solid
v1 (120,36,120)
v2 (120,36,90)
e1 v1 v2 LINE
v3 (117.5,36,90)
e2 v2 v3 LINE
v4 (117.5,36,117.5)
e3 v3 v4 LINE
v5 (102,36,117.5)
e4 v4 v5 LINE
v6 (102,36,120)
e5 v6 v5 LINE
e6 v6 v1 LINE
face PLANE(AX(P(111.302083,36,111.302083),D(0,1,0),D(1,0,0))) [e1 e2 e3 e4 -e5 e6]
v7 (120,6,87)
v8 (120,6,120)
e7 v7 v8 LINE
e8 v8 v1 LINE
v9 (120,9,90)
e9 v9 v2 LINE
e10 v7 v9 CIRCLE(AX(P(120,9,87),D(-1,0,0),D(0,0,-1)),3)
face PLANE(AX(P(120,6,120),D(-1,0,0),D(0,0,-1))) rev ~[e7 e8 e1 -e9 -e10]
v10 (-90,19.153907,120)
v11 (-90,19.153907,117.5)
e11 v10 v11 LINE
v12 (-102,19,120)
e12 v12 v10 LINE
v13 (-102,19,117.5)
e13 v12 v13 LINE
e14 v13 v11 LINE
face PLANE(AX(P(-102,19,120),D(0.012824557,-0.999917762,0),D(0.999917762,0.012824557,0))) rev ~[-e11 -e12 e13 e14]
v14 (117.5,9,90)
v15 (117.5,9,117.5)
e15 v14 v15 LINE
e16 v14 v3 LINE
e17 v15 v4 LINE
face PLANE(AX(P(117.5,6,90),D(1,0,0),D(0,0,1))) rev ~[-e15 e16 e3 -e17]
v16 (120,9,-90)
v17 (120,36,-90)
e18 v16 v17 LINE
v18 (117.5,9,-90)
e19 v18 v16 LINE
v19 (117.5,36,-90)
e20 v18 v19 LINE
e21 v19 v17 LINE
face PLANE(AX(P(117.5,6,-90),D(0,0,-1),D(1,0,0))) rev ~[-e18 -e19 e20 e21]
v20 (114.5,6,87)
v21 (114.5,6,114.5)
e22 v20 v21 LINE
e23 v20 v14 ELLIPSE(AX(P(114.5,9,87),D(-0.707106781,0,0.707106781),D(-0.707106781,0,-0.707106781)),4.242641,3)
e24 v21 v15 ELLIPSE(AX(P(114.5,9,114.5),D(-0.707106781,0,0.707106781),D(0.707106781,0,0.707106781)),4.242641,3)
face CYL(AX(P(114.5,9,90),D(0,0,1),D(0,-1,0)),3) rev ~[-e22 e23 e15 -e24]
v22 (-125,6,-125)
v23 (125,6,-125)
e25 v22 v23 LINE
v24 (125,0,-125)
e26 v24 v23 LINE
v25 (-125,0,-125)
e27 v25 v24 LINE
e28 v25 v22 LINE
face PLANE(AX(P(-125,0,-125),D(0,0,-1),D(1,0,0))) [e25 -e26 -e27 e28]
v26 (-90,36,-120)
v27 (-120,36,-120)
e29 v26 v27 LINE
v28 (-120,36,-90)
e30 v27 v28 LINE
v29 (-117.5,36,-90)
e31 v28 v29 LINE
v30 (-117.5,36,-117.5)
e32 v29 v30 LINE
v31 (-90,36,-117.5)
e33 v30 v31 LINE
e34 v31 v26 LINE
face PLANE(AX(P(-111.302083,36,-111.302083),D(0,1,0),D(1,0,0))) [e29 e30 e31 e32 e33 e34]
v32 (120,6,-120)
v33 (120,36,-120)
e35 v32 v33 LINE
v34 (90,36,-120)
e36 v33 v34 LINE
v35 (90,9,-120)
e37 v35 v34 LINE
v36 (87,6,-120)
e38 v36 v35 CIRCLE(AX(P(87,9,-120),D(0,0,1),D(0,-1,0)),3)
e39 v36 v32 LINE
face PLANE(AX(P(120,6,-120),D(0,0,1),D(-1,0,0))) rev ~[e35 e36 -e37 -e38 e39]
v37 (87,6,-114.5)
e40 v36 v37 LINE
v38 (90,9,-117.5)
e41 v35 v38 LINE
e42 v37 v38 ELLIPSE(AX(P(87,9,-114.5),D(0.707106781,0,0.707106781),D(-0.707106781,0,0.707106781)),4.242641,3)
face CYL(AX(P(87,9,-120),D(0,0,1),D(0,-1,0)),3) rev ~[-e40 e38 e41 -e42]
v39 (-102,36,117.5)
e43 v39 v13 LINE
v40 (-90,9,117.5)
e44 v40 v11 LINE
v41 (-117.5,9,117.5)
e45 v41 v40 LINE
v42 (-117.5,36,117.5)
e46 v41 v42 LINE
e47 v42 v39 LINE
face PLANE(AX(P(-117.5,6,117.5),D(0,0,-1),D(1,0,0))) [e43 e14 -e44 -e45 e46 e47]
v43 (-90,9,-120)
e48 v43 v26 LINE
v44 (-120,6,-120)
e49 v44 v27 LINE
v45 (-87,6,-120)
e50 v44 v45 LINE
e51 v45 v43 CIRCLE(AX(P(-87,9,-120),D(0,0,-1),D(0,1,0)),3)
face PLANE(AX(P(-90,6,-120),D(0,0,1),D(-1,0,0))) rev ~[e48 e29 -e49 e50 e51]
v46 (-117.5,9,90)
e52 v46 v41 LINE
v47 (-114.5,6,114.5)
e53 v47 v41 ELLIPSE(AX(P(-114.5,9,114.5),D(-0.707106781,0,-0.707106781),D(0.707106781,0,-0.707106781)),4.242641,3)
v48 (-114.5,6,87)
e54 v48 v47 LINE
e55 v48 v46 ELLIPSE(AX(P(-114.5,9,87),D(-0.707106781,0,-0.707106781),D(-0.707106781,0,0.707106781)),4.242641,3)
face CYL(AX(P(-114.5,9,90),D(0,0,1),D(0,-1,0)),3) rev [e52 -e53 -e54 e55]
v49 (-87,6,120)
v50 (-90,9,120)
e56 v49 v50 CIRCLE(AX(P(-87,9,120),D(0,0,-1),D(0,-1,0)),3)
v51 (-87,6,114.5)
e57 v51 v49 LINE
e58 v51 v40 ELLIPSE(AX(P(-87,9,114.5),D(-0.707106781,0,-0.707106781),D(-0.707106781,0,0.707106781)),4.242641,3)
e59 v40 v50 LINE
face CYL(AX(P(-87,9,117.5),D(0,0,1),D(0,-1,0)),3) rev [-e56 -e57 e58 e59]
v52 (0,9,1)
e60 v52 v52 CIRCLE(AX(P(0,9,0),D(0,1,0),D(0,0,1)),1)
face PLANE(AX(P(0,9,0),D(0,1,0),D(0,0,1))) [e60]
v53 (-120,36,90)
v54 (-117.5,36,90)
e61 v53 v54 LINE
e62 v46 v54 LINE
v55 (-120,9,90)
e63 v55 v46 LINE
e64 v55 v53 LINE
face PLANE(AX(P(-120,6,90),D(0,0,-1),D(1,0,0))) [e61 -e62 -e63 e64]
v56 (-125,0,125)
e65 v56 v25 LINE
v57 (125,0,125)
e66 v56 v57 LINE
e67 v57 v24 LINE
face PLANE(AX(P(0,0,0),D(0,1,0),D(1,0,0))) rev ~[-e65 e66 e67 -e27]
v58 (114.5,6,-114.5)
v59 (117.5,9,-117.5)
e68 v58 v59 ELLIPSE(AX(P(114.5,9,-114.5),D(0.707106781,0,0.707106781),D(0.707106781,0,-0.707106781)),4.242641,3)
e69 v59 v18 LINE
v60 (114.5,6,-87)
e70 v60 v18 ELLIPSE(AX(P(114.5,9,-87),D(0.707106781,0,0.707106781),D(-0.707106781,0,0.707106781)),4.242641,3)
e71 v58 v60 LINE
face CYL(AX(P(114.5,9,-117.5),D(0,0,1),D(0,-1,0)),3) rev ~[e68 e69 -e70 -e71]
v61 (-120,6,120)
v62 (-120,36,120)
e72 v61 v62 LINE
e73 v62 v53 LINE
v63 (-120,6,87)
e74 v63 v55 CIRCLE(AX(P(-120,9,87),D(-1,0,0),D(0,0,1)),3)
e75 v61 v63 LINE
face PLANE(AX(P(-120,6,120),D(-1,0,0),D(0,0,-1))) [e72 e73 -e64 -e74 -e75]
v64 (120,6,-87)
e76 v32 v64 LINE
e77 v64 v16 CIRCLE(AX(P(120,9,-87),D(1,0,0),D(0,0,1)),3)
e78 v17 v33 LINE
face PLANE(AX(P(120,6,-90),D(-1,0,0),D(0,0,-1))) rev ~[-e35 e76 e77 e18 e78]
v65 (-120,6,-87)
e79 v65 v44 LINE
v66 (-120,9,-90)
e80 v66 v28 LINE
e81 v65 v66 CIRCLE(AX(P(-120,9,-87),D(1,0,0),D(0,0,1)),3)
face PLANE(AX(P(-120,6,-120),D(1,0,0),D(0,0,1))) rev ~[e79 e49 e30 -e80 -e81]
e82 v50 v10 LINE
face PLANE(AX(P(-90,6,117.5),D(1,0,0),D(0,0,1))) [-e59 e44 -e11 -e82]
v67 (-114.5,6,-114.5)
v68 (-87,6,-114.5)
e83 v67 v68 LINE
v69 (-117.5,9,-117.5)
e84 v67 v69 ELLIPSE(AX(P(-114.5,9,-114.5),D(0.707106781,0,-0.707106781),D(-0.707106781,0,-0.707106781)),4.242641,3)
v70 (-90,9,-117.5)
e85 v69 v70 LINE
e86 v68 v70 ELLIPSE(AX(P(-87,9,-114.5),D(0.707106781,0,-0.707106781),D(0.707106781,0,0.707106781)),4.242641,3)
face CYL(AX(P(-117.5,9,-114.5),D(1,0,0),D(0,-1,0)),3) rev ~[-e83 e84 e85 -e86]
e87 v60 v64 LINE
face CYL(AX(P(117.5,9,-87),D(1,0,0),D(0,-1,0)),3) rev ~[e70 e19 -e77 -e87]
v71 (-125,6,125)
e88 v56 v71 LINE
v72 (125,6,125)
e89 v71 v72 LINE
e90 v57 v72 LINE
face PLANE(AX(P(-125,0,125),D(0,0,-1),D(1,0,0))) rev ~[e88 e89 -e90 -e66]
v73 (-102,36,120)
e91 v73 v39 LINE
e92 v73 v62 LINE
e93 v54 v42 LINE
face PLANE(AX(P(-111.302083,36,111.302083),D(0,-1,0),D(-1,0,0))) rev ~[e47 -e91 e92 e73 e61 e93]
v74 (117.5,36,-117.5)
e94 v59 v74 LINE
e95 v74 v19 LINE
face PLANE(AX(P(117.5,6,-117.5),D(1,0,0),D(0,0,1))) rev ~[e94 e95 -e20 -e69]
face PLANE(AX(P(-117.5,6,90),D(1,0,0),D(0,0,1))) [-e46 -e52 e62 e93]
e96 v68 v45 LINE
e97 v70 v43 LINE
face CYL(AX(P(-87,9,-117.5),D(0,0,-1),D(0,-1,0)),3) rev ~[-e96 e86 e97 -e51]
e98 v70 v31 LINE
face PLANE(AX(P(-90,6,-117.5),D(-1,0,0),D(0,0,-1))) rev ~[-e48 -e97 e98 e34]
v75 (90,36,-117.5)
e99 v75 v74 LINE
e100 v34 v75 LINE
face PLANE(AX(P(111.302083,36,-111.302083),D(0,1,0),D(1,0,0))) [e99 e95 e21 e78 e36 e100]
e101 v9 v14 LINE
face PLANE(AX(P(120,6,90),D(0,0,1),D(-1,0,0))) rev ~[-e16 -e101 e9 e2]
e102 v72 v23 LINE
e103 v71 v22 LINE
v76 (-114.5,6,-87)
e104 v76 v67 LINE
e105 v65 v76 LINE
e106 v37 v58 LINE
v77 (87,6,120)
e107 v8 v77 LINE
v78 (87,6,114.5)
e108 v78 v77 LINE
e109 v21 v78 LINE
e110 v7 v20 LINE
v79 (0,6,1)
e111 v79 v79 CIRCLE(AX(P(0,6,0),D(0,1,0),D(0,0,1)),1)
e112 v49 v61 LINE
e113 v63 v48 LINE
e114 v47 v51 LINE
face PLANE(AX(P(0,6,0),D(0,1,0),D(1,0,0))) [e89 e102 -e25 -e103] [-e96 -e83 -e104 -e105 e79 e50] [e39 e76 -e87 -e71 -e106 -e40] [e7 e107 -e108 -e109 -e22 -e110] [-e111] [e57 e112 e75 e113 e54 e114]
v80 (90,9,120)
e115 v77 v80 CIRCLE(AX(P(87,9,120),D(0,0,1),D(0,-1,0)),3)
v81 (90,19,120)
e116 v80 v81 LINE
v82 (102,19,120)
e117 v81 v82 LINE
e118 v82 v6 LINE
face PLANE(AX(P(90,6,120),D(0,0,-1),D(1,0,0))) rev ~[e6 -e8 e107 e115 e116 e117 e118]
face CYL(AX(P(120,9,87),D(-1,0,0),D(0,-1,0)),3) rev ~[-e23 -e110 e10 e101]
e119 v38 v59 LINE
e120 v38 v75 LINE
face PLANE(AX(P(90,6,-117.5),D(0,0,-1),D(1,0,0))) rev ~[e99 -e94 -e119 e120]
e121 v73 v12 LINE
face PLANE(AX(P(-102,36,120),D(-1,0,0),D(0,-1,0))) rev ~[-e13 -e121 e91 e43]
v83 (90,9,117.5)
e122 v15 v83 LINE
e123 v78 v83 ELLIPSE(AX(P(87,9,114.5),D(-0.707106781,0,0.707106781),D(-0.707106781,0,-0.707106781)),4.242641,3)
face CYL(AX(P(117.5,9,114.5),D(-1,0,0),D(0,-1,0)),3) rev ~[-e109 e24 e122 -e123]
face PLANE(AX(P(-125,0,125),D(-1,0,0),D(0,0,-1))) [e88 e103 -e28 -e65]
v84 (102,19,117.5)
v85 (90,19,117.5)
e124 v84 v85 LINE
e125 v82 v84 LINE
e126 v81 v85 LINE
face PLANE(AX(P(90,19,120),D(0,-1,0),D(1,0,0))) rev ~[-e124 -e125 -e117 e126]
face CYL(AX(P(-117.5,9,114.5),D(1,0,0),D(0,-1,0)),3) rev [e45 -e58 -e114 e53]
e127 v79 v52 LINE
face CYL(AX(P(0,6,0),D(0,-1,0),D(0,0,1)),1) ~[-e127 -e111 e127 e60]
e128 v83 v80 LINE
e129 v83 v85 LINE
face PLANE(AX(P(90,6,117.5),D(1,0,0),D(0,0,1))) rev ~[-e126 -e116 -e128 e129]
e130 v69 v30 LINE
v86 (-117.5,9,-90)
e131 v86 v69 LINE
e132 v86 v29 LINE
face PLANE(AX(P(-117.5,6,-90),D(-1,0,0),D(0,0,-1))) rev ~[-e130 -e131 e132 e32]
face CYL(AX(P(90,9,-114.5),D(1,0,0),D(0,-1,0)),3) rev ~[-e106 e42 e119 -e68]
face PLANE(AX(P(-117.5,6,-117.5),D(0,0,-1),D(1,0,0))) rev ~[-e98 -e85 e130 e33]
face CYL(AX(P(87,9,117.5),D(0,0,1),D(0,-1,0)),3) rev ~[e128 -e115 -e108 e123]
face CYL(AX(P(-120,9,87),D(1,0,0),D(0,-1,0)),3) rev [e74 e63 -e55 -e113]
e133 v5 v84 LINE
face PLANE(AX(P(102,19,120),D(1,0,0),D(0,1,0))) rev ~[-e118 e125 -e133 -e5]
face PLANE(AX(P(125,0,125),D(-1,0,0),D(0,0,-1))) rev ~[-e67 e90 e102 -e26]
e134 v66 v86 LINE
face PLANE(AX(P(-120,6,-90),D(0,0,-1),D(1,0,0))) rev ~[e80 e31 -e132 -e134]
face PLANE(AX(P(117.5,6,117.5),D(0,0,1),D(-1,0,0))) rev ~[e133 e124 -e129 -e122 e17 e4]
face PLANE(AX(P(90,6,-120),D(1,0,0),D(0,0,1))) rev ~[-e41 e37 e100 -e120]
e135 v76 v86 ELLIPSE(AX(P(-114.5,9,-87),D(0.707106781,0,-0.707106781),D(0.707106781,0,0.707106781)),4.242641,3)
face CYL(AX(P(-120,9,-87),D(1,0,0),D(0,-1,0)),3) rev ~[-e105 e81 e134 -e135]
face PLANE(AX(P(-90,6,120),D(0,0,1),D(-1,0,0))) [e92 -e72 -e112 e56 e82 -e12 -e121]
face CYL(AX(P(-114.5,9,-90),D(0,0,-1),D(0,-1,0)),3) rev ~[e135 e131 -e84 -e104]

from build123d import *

# Parameters (mm, degrees)
CROQUIS1_W              = 250
CROQUIS1_H              = 250
SALIENTE_EXTRUIR1_DEPTH = 6
SALIENTE_EXTRUIR2_DEPTH = 30
REDONDEO1_R             = 3
CORTAR_EXTRUIR1_REACH   = 279.391
CROQUIS3_W              = 12
CROQUIS3_H              = 17
CROQUIS4_R              = 1
SALIENTE_EXTRUIR3_DEPTH = 3


with BuildPart() as part:
    # Croquis1 → Saliente-Extruir1 (new body)
    with BuildSketch(Plane(origin=(0, 0, 0), x_dir=(1, 0, 0), z_dir=(0, 1, 0))):
        Rectangle(CROQUIS1_W, CROQUIS1_H)
    extrude(amount=SALIENTE_EXTRUIR1_DEPTH)

    # Croquis2 → Saliente-Extruir2 (add)
    with BuildSketch(Plane(origin=(0, 6, 0), x_dir=(1, 0, 0), z_dir=(0, 1, 0))):
        Polygon((-120, 120), (-120, 90), (-117.5, 90), (-117.5, 117.5), (-90, 117.5), (-90, 120), align=None)
        Polygon((120, 120), (90, 120), (90, 117.5), (117.5, 117.5), (117.5, 90), (120, 90), align=None)
        Polygon((120, -120), (120, -90), (117.5, -90), (117.5, -117.5), (90, -117.5), (90, -120), align=None)
        Polygon((-120, -120), (-120, -90), (-117.5, -90), (-117.5, -117.5), (-90, -117.5), (-90, -120), align=None)
    extrude(amount=SALIENTE_EXTRUIR2_DEPTH)

    # Redondeo1
    redondeo1_edges = [part.edges().sort_by_distance(p)[0] for p in [
        (-118.75, 6, -90),
        (-117.5, 6, -103.75),
        (-103.75, 6, -117.5),
        (-90, 6, -118.75),
        (90, 6, -118.75),
        (103.75, 6, -117.5),
        (117.5, 6, -103.75),
        (118.75, 6, -90),
        (118.75, 6, 90),
        (117.5, 6, 103.75),
        (103.75, 6, 117.5),
        (90, 6, 118.75),
        (-90, 6, 118.75),
        (-103.75, 6, 117.5),
        (-117.5, 6, 103.75),
        (-118.75, 6, 90),
    ]]
    fillet(redondeo1_edges, radius=REDONDEO1_R)

    # Croquis3 → Cortar-Extruir1 (cut, up to next)
    with BuildSketch(Plane.XY.offset(120), mode=Mode.PRIVATE) as cortar_extruir1_sk1:
        Polygon((-102, 36), (-102, 19), (-90, 19.15390734), (-90, 36), align=None)
    cortar_extruir1_tool1 = extrude(cortar_extruir1_sk1.sketch, amount=-CORTAR_EXTRUIR1_REACH, mode=Mode.PRIVATE) & part.part
    # Croquis3 → Cortar-Extruir1 (cut, up to next)
    with BuildSketch(Plane.XY.offset(120), mode=Mode.PRIVATE) as cortar_extruir1_sk2:
        with Locations((96, 27.5)):
            Rectangle(CROQUIS3_W, CROQUIS3_H)
    cortar_extruir1_tool2 = extrude(cortar_extruir1_sk2.sketch, amount=-CORTAR_EXTRUIR1_REACH, mode=Mode.PRIVATE) & part.part
    add(cortar_extruir1_tool1.solids().sort_by_distance((-96.009095, 27.538419, 120))[0], mode=Mode.SUBTRACT)
    add(cortar_extruir1_tool2.solids().sort_by_distance((96, 27.5, 120))[0], mode=Mode.SUBTRACT)

    # Croquis4 → Saliente-Extruir3 (add)
    with BuildSketch(Plane(origin=(0, 6, 0), x_dir=(1, 0, 0), z_dir=(0, 1, 0))):
        with Locations(Location((0, 0, 0), (0, 0, 270))):
            Circle(CROQUIS4_R)
    extrude(amount=SALIENTE_EXTRUIR3_DEPTH)


solid = part.part
